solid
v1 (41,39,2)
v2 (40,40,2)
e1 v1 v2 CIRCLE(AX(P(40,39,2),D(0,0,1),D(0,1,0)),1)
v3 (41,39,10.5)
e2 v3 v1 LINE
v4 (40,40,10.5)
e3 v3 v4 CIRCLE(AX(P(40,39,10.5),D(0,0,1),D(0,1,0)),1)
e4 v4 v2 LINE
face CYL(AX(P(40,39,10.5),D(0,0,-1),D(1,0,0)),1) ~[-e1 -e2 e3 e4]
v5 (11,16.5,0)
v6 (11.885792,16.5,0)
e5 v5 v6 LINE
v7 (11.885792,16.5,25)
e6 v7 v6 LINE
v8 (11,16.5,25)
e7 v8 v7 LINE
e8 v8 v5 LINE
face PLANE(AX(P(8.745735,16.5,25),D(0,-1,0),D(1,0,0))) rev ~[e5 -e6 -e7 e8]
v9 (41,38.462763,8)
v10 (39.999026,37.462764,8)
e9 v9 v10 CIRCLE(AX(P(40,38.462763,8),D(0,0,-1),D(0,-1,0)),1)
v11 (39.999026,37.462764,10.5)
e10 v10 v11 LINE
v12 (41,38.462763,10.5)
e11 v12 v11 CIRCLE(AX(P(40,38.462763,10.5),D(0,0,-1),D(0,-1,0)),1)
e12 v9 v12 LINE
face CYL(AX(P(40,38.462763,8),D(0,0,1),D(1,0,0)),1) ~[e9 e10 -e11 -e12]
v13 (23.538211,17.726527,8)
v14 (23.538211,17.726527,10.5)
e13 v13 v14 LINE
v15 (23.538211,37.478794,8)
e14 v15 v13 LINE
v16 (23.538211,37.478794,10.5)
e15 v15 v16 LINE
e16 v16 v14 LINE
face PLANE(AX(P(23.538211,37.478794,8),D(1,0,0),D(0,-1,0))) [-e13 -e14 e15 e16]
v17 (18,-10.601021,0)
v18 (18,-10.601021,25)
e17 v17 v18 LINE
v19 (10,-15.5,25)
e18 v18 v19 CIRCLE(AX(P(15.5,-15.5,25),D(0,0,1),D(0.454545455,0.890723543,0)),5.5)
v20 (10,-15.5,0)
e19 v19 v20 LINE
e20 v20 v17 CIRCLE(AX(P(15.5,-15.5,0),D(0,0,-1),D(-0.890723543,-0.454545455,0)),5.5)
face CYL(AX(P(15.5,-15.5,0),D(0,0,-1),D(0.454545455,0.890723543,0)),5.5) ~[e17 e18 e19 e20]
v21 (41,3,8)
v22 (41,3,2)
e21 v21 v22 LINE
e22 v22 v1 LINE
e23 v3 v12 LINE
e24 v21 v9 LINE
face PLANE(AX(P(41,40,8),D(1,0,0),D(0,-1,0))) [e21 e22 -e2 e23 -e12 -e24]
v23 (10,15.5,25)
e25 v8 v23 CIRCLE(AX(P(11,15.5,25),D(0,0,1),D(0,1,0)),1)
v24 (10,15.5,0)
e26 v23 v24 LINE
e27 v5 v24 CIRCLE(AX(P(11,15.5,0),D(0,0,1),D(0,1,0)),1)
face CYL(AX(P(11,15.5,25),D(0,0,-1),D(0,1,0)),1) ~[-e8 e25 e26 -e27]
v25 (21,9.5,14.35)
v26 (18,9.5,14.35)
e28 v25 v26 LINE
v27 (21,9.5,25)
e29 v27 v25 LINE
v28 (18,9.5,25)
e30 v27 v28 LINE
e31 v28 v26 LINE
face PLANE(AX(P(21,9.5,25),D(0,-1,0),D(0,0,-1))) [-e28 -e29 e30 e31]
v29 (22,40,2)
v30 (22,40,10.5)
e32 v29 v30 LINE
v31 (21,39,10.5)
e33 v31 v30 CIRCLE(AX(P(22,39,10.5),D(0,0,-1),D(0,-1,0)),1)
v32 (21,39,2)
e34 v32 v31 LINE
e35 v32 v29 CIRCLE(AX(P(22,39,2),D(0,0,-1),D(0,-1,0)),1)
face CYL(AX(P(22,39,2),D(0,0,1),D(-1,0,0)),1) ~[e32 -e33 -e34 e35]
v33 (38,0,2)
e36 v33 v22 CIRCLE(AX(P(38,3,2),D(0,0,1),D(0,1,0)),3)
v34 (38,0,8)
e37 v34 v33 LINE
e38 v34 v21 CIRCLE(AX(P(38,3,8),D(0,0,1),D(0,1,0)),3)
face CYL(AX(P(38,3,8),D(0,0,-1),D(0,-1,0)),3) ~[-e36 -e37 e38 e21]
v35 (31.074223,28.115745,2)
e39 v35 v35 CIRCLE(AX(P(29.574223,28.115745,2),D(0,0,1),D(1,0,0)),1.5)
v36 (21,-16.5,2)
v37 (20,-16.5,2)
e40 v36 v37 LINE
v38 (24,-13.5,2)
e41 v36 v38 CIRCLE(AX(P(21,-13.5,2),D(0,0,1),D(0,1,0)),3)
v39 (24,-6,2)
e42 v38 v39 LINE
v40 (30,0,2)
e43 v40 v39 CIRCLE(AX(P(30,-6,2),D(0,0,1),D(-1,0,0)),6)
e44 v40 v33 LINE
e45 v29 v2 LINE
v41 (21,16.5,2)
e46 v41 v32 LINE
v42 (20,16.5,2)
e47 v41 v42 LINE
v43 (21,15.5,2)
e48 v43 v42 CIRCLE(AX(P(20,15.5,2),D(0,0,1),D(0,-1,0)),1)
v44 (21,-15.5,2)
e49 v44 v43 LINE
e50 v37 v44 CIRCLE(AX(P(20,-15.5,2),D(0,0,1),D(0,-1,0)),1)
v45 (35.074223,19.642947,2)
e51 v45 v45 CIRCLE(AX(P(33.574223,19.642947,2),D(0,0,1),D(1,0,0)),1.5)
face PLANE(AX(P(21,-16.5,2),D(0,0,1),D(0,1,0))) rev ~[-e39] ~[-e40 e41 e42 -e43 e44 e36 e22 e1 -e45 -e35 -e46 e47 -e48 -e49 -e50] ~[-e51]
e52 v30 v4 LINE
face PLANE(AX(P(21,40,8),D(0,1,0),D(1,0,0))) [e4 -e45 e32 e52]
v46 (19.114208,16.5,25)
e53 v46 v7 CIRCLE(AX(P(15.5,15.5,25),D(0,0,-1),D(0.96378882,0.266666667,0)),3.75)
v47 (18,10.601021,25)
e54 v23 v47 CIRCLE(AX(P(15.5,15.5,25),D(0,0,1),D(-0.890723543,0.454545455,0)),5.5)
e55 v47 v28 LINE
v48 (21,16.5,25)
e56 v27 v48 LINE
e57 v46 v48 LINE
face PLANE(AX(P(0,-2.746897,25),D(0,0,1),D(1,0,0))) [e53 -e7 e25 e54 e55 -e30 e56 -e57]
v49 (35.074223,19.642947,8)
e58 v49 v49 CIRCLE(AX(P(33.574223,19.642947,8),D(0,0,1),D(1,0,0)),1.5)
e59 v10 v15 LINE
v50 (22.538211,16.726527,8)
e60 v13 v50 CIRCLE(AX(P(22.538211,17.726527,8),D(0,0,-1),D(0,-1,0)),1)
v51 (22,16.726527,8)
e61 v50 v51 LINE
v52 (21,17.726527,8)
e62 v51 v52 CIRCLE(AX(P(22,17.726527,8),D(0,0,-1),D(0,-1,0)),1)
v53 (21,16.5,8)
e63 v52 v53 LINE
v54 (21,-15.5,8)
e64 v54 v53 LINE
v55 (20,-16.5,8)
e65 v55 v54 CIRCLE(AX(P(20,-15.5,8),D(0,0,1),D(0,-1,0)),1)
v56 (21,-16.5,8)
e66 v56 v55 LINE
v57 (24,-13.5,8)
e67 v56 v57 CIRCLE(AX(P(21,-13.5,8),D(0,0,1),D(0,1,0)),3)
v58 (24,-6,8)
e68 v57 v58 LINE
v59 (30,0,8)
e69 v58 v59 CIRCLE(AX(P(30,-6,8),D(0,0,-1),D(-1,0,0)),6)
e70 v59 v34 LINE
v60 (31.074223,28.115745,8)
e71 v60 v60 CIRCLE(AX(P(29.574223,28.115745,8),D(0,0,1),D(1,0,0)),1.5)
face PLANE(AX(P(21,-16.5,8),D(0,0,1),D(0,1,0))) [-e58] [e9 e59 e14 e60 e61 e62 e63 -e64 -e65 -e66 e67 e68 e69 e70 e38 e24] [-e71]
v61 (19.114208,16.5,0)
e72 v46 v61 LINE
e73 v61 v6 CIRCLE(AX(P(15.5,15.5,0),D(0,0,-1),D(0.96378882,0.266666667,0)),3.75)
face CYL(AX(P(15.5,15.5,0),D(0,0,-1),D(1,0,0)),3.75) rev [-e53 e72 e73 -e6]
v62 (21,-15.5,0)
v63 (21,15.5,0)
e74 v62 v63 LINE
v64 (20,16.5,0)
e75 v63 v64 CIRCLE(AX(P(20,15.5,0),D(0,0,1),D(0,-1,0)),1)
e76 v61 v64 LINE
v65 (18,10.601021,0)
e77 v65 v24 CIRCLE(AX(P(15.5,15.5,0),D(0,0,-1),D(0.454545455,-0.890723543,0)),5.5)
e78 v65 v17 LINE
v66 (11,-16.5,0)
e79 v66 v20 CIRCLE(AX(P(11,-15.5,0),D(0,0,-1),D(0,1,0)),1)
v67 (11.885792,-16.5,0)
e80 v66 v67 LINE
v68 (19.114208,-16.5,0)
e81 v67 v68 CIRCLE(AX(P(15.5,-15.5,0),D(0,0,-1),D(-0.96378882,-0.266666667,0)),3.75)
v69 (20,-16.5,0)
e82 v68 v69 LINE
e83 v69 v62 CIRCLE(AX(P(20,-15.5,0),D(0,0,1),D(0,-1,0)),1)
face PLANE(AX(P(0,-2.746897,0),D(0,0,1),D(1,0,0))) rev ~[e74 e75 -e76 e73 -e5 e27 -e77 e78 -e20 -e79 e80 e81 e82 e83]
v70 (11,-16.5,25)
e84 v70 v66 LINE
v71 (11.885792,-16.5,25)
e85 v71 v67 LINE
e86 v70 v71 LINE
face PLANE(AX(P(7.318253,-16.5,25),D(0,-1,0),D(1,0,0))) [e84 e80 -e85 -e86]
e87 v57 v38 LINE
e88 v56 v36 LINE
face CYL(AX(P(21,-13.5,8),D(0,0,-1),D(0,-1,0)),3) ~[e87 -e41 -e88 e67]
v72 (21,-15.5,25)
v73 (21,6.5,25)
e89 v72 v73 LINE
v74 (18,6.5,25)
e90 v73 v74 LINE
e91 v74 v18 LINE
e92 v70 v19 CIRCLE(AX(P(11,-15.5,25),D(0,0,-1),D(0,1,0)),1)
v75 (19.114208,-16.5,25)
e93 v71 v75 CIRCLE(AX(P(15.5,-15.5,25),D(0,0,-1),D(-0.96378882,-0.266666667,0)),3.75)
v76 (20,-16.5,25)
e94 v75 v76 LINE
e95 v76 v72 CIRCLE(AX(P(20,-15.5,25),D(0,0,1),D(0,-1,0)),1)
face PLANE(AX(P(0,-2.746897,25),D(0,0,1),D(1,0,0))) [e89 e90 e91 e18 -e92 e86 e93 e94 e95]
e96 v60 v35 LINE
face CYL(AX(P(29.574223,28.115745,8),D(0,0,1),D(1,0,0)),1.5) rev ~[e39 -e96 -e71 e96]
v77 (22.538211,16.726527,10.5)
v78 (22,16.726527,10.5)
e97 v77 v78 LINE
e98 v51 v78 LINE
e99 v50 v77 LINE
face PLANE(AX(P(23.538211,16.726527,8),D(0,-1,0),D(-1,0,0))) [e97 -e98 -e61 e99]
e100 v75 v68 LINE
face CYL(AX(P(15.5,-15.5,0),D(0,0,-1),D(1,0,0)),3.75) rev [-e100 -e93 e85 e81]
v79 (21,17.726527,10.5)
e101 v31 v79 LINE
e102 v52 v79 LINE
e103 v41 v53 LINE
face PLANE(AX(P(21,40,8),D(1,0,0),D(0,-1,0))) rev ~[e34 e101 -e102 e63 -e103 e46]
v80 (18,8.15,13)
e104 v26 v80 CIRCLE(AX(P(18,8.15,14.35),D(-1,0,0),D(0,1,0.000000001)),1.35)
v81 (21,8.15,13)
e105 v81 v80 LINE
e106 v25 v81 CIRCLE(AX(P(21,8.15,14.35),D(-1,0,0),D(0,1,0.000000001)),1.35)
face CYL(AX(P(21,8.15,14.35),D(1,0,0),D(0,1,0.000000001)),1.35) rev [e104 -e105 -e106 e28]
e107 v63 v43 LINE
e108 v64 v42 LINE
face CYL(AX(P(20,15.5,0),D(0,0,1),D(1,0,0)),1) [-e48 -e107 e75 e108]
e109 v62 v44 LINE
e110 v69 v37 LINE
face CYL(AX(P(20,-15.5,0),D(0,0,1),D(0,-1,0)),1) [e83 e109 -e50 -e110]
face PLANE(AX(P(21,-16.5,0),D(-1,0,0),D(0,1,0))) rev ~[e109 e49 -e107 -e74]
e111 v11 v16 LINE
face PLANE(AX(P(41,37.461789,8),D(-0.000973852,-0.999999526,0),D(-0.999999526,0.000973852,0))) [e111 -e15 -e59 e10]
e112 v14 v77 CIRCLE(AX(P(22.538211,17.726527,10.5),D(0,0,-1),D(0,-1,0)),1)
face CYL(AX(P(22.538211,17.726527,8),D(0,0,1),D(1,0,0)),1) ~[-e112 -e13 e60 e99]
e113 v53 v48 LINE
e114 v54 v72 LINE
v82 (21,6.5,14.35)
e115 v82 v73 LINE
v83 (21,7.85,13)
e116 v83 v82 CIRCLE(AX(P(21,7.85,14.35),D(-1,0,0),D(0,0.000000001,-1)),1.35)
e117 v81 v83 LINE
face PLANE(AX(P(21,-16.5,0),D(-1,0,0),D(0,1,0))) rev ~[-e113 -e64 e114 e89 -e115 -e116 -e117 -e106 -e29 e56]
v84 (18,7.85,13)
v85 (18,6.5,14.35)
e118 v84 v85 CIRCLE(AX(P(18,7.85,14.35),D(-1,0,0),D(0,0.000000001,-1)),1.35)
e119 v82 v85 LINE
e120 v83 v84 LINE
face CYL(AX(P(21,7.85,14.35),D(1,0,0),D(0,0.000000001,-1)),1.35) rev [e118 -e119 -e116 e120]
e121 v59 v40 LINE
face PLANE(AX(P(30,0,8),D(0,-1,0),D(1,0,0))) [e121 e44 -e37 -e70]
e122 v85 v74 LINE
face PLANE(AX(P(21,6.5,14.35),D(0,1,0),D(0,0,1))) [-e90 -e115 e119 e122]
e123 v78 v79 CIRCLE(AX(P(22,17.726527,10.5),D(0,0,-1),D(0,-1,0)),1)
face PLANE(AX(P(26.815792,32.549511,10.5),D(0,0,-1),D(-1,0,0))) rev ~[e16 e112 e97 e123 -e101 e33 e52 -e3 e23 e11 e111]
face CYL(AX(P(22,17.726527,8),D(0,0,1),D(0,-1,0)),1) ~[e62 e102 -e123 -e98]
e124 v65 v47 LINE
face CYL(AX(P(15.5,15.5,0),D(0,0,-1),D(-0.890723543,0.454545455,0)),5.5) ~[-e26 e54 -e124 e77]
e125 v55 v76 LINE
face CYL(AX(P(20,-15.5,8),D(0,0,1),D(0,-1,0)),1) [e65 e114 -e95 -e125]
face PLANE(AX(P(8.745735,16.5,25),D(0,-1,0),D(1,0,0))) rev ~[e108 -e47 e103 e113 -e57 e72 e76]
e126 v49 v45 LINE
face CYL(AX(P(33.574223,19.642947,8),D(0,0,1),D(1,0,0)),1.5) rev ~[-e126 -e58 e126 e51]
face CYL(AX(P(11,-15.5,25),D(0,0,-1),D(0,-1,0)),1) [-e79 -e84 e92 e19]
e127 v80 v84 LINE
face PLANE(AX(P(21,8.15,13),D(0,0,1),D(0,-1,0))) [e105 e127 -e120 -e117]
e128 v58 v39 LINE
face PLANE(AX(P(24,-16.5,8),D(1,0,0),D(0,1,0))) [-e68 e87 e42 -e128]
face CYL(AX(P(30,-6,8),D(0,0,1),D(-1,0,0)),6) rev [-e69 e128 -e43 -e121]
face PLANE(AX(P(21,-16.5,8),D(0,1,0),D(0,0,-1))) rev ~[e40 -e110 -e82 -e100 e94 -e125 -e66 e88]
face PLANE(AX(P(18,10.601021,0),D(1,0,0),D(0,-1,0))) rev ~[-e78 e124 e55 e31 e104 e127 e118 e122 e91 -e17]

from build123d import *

# Parameters (mm, degrees)
SKETCH1_R           = 3.75
BOSS_EXTRUDE1_DEPTH = 25
FILLET1_R           = 2
SKETCH3_W           = 20
SKETCH3_H           = 19
CUT_EXTRUDE2_DEPTH  = 6
FILLET2_R           = 3
SKETCH7_W           = 32.058329052
SKETCH7_H           = 42.536839165
CUT_EXTRUDE5_DEPTH  = 25
SKETCH10_W          = 12.254265393
SKETCH10_H          = 5.748315633
SKETCH10_W_2        = 13.681746689
SKETCH10_H_2        = 5.503604554
CUT_EXTRUDE6_DEPTH  = 25
SKETCH11_W          = 6
SKETCH11_H          = 56.5
BOSS_EXTRUDE2_DEPTH = 20
CUT_EXTRUDE9_DEPTH  = 3
CUT_EXTRUDE11_DEPTH = 10
BOSS_EXTRUDE3_DEPTH = 2.5
FILLET5_R           = 3
FILLET6_R           = 1
SKETCH17_R          = 1.5
CUT_EXTRUDE12_DEPTH = 10


with BuildPart() as part:
    # Sketch1 → Boss-Extrude1 (new body)
    with BuildSketch(Plane.XY):
        with BuildLine():
            Line((-21, 16.5), (-21, -16.5))
            Line((-21, -16.5), (-16.5, -21))
            Line((-16.5, -21), (16.5, -21))
            Line((16.5, -21), (21, -16.5))
            Line((21, -16.5), (21, 16.5))
            Line((21, 16.5), (16.5, 21))
            Line((16.5, 21), (11.125, 21))
            Line((11.125, 21), (11.125, 18))
            Line((11.125, 18), (10.601020514, 18))
            ThreePointArc((10.601020514, 18), (11.610912703, 11.610912703), (18, 10.601020514))
            Line((18, 10.601020514), (18, -10.601020514))
            ThreePointArc((18, -10.601020514), (11.610912703, -11.610912703), (10.601020514, -18))
            Line((10.601020514, -18), (-10.601020514, -18))
            ThreePointArc((-10.601020514, -18), (-11.610912703, -11.610912703), (-18, -10.601020514))
            Line((-18, -10.601020514), (-18, 10.601020514))
            ThreePointArc((-18, 10.601020514), (-11.610912703, 11.610912703), (-10.601020514, 18))
            Line((-10.601020514, 18), (-11.125, 18))
            Line((-11.125, 18), (-11.125, 21))
            Line((-11.125, 21), (-16.5, 21))
            Line((-16.5, 21), (-21, 16.5))
        make_face()
        with Locations((-15.5, 15.5)):
            Circle(SKETCH1_R, mode=Mode.SUBTRACT)
        with Locations((15.5, 15.5)):
            Circle(SKETCH1_R, mode=Mode.SUBTRACT)
        with Locations((15.5, -15.5)):
            Circle(SKETCH1_R, mode=Mode.SUBTRACT)
        with Locations((-15.5, -15.5)):
            Circle(SKETCH1_R, mode=Mode.SUBTRACT)
    extrude(amount=BOSS_EXTRUDE1_DEPTH)

    # Fillet1
    fillet1_edges = [part.edges().sort_by_distance(p)[0] for p in [
        (-21, -16.5, 12.5),
        (-21, 16.5, 12.5),
        (-16.5, 21, 12.5),
        (-16.5, -21, 12.5),
    ]]
    fillet(fillet1_edges, radius=FILLET1_R)

    # Sketch3 → Cut-Extrude2 (cut)
    with BuildSketch(Plane(origin=(0, -21, 0), x_dir=(-1, 0, 0), z_dir=(0, -1, 0))):
        with Locations((0, -12.5)):
            Rectangle(SKETCH3_W, SKETCH3_H)
    extrude(amount=-CUT_EXTRUDE2_DEPTH, mode=Mode.SUBTRACT)

    # Fillet2
    fillet2_edges = [part.edges().sort_by_distance(p)[0] for p in [
        (10, -19.5, 22),
        (-10, -19.5, 3),
        (-10, -19.5, 22),
        (10, -19.5, 3),
    ]]
    fillet(fillet2_edges, radius=FILLET2_R)

    # Sketch7 → Cut-Extrude5 (cut)
    with BuildSketch(Plane.XY.offset(25)):
        with Locations((-6.029164526, 0.268419582)):
            Rectangle(SKETCH7_W, SKETCH7_H)
    extrude(amount=-CUT_EXTRUDE5_DEPTH, mode=Mode.SUBTRACT)

    # Sketch10 → Cut-Extrude6 (cut)
    with BuildSketch(Plane.XY.offset(25)):
        with Locations((14.872867304, 19.374157817)):
            Rectangle(SKETCH10_W, SKETCH10_H)
        with Locations((14.159126655, -19.251802277)):
            Rectangle(SKETCH10_W_2, SKETCH10_H_2)
    extrude(amount=-CUT_EXTRUDE6_DEPTH, mode=Mode.SUBTRACT)

    # Sketch11 → Boss-Extrude2 (add)
    with BuildSketch(Plane(origin=(21, 0, 0), x_dir=(0, 0, -1), z_dir=(1, 0, 0))):
        with Locations((-5, 11.75)):
            Rectangle(SKETCH11_W, SKETCH11_H)
    extrude(amount=BOSS_EXTRUDE2_DEPTH)

    # Sketch13 → Cut-Extrude9 (cut)
    with BuildSketch(Plane(origin=(21, 0, 0), x_dir=(0, 0, -1), z_dir=(1, 0, 0))):
        with BuildLine():
            Line((-25, 9.5), (-14.35, 9.5))
            ThreePointArc((-14.35, 9.5), (-13.395405845, 9.104594155), (-13, 8.15))
            Line((-13, 8.15), (-13, 7.85))
            ThreePointArc((-13, 7.85), (-13.395405845, 6.895405845), (-14.35, 6.5))
            Line((-14.35, 6.5), (-25, 6.5))
            Line((-25, 6.5), (-25, 9.5))
        make_face()
    extrude(amount=-CUT_EXTRUDE9_DEPTH, mode=Mode.SUBTRACT)

    # Sketch15 → Cut-Extrude11 (cut)
    with BuildSketch(Plane.XY.offset(8)):
        with BuildLine():
            Line((24, -16.5), (24, -6))
            ThreePointArc((24, -6), (25.757359313, -1.757359313), (30, 0))
            Line((30, 0), (41, 0))
            Line((41, 0), (41, -16.5))
            Line((41, -16.5), (24, -16.5))
        make_face()
    extrude(amount=-CUT_EXTRUDE11_DEPTH, mode=Mode.SUBTRACT)

    # Sketch16 → Boss-Extrude3 (add)
    with BuildSketch(Plane.XY.offset(8)):
        Polygon((21, 40), (41, 40), (41, 37.461788715), (23.538211285, 37.478793923), (23.538211285, 16.726527219), (21, 16.726527219), (21, 37.478793923), align=None)
    extrude(amount=BOSS_EXTRUDE3_DEPTH)

    # Fillet5
    fillet5_edges = [part.edges().sort_by_distance(p)[0] for p in [
        (41, 0, 5),
        (24, -16.5, 5),
    ]]
    fillet(fillet5_edges, radius=FILLET5_R)

    # Fillet6
    fillet6_edges = [part.edges().sort_by_distance(p)[0] for p in [
        (10.091673087, 16.5, 12.5),
        (10.091673087, -16.5, 12.5),
        (21, 16.5, 1),
        (21, -16.5, 1),
        (21, 40, 6.25),
        (41, 40, 6.25),
        (21, 16.726527219, 9.25),
        (23.538211285, 16.726527219, 9.25),
        (41, 37.461788715, 9.25),
        (21, -16.5, 16.5),
    ]]
    fillet(fillet6_edges, radius=FILLET6_R)

    # Sketch17 → Cut-Extrude12 (cut)
    with BuildSketch(Plane.XY.offset(8)):
        with Locations((29.574223118, 28.11574528)):
            Circle(SKETCH17_R)
        with Locations((33.574223119, 19.642947284)):
            Circle(SKETCH17_R)
    extrude(amount=-CUT_EXTRUDE12_DEPTH, mode=Mode.SUBTRACT)


solid = part.part
